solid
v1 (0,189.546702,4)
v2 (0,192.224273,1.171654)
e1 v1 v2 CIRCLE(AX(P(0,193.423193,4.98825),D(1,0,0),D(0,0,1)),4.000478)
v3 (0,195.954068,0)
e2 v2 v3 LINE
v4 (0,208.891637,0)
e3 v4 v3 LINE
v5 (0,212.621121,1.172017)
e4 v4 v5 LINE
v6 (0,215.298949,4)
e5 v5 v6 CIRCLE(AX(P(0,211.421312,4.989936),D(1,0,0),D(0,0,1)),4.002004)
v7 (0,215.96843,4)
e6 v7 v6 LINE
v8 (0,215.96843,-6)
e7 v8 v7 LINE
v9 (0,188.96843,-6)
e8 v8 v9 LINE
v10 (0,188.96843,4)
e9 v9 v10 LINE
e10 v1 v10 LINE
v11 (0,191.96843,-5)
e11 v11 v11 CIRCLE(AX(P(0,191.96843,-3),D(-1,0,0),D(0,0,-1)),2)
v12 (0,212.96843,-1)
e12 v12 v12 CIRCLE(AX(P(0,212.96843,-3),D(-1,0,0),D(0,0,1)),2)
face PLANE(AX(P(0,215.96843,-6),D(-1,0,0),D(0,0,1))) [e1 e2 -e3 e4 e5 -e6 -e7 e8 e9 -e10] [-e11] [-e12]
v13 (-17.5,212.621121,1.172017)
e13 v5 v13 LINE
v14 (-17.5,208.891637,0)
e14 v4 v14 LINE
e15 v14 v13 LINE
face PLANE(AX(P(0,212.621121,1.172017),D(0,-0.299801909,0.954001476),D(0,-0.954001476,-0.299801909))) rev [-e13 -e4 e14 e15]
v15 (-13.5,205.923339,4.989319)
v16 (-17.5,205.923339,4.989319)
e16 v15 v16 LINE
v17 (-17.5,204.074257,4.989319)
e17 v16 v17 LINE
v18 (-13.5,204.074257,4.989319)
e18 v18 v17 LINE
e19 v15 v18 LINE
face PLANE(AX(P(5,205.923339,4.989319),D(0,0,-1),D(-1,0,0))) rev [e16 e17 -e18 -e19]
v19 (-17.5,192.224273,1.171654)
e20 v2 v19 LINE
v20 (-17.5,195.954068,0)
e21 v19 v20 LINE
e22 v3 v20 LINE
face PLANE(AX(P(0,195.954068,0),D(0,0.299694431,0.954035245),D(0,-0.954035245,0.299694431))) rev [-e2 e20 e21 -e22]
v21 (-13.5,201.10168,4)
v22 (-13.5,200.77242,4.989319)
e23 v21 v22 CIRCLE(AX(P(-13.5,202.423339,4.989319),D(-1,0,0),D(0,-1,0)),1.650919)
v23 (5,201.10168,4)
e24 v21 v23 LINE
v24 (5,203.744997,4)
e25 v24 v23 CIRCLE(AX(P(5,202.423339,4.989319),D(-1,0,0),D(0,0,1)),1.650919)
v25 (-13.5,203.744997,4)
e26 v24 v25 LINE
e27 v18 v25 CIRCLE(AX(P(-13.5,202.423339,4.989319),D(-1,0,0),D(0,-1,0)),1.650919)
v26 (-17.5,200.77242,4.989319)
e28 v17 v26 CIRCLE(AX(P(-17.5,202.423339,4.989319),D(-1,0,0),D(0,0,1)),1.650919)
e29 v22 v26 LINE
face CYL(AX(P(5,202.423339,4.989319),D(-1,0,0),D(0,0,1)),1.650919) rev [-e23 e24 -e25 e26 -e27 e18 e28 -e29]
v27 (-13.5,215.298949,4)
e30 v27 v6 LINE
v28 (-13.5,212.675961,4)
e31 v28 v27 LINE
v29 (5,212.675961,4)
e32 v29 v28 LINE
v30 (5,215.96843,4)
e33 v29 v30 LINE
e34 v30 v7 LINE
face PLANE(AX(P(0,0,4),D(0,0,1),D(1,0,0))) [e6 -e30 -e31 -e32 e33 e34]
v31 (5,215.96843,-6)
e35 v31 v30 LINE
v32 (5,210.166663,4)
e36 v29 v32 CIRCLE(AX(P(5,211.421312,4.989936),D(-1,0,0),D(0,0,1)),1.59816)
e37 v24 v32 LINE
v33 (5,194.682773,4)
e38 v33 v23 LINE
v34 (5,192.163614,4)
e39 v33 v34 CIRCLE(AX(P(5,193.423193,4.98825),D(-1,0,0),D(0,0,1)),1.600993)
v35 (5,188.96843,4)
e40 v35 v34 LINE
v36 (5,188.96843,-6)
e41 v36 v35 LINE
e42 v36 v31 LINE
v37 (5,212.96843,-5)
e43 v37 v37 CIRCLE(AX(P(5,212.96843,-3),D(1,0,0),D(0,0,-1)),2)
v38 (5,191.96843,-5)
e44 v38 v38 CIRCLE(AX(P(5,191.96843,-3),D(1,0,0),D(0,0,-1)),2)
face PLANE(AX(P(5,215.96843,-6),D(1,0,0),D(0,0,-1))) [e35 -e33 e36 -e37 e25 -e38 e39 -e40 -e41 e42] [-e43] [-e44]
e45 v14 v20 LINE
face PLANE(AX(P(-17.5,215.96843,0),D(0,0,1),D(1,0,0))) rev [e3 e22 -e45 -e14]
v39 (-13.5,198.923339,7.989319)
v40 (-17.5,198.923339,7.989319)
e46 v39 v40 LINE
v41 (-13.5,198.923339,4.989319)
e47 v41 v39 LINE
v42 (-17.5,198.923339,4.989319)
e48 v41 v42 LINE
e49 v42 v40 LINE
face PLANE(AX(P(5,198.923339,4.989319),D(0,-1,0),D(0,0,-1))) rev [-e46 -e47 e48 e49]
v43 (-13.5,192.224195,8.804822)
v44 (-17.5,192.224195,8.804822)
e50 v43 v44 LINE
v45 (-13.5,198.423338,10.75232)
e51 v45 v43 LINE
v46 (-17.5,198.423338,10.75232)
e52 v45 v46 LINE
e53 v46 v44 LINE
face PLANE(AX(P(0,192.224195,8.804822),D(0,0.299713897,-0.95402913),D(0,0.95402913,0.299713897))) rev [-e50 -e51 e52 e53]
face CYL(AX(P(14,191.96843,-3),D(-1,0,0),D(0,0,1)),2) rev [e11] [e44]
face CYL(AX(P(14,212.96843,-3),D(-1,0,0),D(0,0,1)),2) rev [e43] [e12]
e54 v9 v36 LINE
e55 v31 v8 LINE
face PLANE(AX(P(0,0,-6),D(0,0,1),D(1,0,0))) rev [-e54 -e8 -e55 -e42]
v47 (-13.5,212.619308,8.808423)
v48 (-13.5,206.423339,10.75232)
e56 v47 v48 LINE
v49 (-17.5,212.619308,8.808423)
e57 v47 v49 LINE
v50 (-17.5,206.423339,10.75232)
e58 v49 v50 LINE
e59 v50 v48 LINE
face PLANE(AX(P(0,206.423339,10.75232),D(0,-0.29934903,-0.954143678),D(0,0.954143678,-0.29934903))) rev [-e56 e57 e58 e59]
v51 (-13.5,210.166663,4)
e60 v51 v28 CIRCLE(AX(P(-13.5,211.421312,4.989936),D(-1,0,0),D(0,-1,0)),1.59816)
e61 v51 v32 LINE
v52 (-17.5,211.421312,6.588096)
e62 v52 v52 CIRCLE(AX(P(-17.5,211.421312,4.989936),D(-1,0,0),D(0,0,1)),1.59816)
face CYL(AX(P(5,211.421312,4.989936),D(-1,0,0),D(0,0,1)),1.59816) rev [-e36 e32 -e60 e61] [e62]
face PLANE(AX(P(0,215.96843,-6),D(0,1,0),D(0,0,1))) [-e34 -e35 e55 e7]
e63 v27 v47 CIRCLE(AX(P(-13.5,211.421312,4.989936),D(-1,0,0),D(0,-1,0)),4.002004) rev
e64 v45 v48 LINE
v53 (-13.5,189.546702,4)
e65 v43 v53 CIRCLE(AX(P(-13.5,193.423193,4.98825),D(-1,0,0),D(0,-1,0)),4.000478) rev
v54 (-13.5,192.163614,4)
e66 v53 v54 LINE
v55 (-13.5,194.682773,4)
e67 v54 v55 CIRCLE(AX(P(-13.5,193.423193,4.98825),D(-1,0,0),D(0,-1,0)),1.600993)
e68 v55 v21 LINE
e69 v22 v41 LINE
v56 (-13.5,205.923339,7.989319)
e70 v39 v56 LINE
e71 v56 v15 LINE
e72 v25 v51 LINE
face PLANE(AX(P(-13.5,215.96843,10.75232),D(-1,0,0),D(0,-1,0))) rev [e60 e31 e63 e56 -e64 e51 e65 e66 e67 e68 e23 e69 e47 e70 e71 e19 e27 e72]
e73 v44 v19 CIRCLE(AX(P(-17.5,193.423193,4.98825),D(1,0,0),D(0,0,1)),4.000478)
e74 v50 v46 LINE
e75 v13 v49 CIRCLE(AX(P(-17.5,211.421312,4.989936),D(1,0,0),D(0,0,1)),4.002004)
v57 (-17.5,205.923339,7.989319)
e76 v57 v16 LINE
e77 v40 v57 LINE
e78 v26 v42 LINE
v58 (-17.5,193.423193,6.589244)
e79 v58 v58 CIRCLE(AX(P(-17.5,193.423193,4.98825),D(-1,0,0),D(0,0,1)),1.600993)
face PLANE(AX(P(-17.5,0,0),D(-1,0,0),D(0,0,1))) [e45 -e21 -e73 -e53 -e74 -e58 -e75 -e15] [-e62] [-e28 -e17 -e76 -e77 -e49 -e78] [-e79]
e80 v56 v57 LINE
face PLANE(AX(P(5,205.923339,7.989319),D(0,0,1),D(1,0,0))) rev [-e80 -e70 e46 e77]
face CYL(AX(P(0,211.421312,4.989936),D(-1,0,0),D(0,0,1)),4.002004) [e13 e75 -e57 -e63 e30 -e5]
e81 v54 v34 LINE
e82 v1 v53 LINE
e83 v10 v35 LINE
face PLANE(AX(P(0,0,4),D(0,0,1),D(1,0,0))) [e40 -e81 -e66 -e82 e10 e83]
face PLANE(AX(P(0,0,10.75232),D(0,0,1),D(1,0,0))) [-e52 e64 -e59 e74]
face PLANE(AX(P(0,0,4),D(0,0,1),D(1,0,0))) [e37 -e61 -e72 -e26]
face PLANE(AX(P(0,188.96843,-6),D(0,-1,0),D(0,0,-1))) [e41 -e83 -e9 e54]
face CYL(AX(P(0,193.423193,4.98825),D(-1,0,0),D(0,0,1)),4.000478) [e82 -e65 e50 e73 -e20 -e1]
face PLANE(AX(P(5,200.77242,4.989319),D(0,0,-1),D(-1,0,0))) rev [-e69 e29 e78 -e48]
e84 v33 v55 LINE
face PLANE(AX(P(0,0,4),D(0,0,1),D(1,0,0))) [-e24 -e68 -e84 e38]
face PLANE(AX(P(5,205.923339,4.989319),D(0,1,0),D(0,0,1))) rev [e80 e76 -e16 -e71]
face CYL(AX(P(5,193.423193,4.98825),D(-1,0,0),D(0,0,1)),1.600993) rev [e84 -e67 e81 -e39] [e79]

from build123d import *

# Parameters (mm, degrees)
ESBO_O1_W                     = 5
ESBO_O1_H                     = 27
RESSALTO_EXTRUS_O1_DEPTH      = 4
RESSALTO_EXTRUS_O1_DEPTH_BACK = 6
ESBO_O2_W                     = 4
ESBO_O2_H                     = 27
RESSALTO_EXTRUS_O2_DEPTH      = 17.5
ESBO_O3_W                     = 4
ESBO_O3_H                     = 27
RESSALTO_EXTRUS_O3_DEPTH      = 6.75232
CORTE_EXTRUS_O1_DEPTH         = 17.5
ESBO_O5_R                     = 1.598160281
ESBO_O5_R_2                   = 1.600993429
CORTE_EXTRUS_O2_DEPTH         = 23.5
ESBO_O6_R                     = 2
CORTE_EXTRUS_O3_DEPTH         = 14


with BuildPart() as part:
    # Esboço1 → Ressalto-extrusão1 (new body, two sides)
    with BuildSketch(Plane.XY) as ressalto_extrus_o1_sk:
        with Locations((2.5, 202.468429513)):
            Rectangle(ESBO_O1_W, ESBO_O1_H)
    extrude(amount=RESSALTO_EXTRUS_O1_DEPTH)
    extrude(ressalto_extrus_o1_sk.sketch, amount=-RESSALTO_EXTRUS_O1_DEPTH_BACK)

    # Esboço2 → Ressalto-extrusão2 (add)
    with BuildSketch(Plane.ZY):
        with Locations((2, 202.468429513)):
            Rectangle(ESBO_O2_W, ESBO_O2_H)
    extrude(amount=RESSALTO_EXTRUS_O2_DEPTH)

    # Esboço3 → Ressalto-extrusão3 (add)
    with BuildSketch(Plane.XY.offset(4)):
        with Locations((-15.5, 202.468429513)):
            Rectangle(ESBO_O3_W, ESBO_O3_H)
    extrude(amount=RESSALTO_EXTRUS_O3_DEPTH)

    # Esboço4 → Corte-extrusão1 (cut)
    with BuildSketch(Plane.ZY.offset(17.5)):
        with BuildLine():
            Line((10.752320108, 206.42333876), (10.752320108, 215.968429513))
            Line((10.752320108, 215.968429513), (0, 215.968429513))
            Line((0, 215.968429513), (0, 208.891636686))
            Line((0, 208.891636686), (1.172017461, 212.62112057))
            ThreePointArc((1.172017461, 212.62112057), (4.990885368, 215.423316276), (8.808422699, 212.619308145))
            Line((8.808422699, 212.619308145), (10.752320108, 206.42333876))
        make_face()
        with BuildLine():
            Line((10.752320108, 198.42333838), (10.752320108, 188.968429513))
            Line((10.752320108, 188.968429513), (0, 188.968429513))
            Line((0, 188.968429513), (0, 195.95406786))
            Line((0, 195.95406786), (1.171653646, 192.22427259))
            ThreePointArc((1.171653646, 192.22427259), (4.988209463, 189.422715847), (8.804822441, 192.224194718))
            Line((8.804822441, 192.224194718), (10.752320108, 198.42333838))
        make_face()
    extrude(amount=-CORTE_EXTRUS_O1_DEPTH, mode=Mode.SUBTRACT)

    # Esboço5 → Corte-extrusão2 (cut, through all)
    with BuildSketch(Plane.ZY.offset(17.5)):
        with Locations((4.989935533, 211.421312021)):
            Circle(ESBO_O5_R)
        with Locations((4.988250275, 193.423193451)):
            Circle(ESBO_O5_R_2)
        with BuildLine():
            Line((4.9893193, 200.772419725), (4.9893193, 198.92333857))
            Line((4.9893193, 198.92333857), (7.9893193, 198.92333857))
            Line((7.9893193, 198.92333857), (7.9893193, 205.92333857))
            Line((7.9893193, 205.92333857), (4.9893193, 205.92333857))
            Line((4.9893193, 205.92333857), (4.9893193, 204.074257415))
            ThreePointArc((4.9893193, 204.074257415), (3.338400455, 202.42333857), (4.9893193, 200.772419725))
        make_face()
    extrude(amount=-CORTE_EXTRUS_O2_DEPTH, mode=Mode.SUBTRACT)

    # Esboço6 → Corte-extrusão3 (cut)
    with BuildSketch(Plane.ZY):
        with Locations((-3, 212.968429513)):
            Circle(ESBO_O6_R)
        with Locations((-3, 191.968429513)):
            Circle(ESBO_O6_R)
    extrude(amount=-CORTE_EXTRUS_O3_DEPTH, mode=Mode.SUBTRACT)


solid = part.part
